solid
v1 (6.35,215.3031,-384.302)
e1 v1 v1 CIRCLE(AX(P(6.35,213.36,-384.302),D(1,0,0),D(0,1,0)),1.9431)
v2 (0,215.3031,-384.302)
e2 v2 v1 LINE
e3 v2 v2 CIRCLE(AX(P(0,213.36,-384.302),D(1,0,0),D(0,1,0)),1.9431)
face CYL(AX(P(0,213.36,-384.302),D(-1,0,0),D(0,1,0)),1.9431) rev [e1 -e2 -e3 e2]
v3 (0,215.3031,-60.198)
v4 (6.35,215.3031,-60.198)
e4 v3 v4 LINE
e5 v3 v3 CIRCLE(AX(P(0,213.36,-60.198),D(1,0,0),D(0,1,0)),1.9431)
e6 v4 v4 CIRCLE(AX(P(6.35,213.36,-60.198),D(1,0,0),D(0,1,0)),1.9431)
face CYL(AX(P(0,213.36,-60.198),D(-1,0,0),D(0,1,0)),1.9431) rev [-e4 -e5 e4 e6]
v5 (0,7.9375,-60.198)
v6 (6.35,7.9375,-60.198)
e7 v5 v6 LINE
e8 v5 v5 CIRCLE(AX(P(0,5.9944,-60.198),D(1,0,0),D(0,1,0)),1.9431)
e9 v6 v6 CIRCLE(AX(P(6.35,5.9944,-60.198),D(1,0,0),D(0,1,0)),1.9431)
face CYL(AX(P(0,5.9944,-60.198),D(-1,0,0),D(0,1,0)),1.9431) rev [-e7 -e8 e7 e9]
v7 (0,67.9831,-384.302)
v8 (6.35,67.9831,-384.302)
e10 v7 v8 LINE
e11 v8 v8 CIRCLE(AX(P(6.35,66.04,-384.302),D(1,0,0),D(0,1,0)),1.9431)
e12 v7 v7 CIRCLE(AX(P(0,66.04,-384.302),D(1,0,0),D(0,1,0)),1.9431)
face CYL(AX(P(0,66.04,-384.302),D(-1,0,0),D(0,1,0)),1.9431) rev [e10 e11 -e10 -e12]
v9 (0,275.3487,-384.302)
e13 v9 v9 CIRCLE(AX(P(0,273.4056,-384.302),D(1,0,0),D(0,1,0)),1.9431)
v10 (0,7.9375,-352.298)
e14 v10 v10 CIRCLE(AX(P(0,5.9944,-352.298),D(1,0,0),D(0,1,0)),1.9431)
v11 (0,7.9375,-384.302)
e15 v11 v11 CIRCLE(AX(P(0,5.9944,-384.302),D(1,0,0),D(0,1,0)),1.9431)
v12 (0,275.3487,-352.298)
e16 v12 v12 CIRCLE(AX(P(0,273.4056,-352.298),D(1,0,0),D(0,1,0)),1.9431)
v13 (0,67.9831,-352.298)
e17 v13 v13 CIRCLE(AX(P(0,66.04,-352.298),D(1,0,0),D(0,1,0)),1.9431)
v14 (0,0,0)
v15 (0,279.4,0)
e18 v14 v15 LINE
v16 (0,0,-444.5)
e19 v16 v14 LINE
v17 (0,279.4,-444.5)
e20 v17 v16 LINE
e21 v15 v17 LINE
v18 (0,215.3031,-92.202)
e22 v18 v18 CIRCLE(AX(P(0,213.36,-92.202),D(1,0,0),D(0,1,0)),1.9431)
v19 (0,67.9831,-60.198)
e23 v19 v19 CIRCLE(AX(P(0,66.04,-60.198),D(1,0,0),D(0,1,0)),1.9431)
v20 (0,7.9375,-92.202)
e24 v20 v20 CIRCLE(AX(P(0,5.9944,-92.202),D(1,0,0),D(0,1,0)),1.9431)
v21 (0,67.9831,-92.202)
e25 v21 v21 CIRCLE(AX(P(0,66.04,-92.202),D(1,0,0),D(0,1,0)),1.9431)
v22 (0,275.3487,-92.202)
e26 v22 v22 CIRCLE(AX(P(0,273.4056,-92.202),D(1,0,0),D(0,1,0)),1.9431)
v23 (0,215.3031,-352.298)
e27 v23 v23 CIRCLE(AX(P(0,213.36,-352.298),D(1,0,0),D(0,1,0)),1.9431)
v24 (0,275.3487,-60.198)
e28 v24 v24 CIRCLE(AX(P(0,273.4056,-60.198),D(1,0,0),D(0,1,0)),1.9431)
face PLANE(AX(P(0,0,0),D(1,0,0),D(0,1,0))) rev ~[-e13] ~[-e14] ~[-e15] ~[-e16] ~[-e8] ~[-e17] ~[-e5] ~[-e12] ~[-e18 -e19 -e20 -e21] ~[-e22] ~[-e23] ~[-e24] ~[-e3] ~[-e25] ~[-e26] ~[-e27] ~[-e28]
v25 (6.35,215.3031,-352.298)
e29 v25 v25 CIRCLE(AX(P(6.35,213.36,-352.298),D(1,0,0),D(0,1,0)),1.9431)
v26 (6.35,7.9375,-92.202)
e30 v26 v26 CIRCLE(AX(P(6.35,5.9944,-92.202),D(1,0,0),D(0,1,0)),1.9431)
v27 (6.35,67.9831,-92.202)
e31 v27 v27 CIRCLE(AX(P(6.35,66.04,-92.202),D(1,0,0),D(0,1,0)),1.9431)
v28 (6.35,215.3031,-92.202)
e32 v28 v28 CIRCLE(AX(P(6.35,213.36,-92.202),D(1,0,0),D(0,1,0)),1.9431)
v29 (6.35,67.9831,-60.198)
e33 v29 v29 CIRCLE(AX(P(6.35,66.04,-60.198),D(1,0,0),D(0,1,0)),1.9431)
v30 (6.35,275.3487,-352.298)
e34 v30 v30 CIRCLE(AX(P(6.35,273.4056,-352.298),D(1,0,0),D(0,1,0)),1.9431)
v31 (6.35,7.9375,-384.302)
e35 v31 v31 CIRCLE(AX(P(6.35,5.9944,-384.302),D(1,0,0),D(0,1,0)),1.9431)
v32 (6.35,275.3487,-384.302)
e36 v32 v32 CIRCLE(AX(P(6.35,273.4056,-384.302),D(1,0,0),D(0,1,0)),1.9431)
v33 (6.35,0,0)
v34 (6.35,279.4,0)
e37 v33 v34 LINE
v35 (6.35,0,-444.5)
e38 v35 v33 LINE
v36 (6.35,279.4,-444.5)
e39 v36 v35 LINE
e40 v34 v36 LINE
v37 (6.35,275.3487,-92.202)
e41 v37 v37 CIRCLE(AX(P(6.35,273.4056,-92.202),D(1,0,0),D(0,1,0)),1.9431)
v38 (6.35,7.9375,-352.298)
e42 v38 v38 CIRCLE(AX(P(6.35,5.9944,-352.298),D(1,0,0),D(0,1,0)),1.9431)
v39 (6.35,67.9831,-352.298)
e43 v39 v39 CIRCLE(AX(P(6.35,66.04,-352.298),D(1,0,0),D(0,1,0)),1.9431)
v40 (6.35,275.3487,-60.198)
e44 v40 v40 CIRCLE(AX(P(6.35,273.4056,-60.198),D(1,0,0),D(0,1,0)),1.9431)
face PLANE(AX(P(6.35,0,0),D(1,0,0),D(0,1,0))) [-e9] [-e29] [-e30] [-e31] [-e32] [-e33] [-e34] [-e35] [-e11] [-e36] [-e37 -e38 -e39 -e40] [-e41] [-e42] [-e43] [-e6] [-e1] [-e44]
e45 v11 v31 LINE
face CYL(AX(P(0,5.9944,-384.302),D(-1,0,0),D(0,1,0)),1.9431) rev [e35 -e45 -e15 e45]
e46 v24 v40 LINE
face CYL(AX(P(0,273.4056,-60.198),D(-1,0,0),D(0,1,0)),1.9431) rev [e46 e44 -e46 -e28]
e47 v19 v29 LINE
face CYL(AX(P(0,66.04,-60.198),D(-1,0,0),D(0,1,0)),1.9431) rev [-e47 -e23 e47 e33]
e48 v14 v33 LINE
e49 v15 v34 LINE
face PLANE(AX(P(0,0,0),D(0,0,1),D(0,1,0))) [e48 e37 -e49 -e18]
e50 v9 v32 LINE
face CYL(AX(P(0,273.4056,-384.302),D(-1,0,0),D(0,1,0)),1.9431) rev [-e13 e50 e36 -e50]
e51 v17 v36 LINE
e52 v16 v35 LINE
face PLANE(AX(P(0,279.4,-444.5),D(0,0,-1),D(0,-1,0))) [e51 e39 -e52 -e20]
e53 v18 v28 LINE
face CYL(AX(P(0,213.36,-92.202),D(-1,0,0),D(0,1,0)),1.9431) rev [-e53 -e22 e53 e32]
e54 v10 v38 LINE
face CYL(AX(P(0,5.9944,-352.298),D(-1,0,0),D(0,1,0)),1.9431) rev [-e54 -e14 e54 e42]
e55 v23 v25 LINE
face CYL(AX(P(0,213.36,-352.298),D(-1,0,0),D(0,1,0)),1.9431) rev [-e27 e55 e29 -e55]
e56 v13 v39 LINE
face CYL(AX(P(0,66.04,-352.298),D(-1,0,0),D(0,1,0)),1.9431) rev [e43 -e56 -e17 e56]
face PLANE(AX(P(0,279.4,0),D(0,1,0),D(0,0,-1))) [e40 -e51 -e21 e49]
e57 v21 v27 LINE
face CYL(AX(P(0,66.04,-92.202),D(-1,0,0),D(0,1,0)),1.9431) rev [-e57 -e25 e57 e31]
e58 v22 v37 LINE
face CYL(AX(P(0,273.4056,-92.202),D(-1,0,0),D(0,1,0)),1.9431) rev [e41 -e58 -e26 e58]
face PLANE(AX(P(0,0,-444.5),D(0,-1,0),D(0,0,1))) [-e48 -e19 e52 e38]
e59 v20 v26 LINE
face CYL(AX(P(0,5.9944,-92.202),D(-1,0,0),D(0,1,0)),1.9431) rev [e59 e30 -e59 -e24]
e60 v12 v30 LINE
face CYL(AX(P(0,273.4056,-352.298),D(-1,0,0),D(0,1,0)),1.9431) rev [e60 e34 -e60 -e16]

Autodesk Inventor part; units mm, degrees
ref_plane "YZ Plane" through (0, 0, 0) normal (1, 0, 0) x (0, 1, 0)
ref_plane "XZ Plane" through (0, 0, 0) normal (0, 1, 0) x (-1, 0, 0)
ref_plane "XY Plane" through (0, 0, 0) normal (0, 0, 1) x (1, 0, 0)
sketch "Sketch1" plane through (0, 0, 0) normal (1, 0, 0) x (0, 1, 0)
  line L0 (0, 0) -> (279.4, 0)
  line L1 (279.4, 0) -> (279.4, -444.5)
  line L2 (279.4, -444.5) -> (0, -444.5)
  line L3 (0, -444.5) -> (0, 0)
  circle A0 centre (273.4056, -60.198) radius 1.9431
  circle A1 centre (273.4056, -92.202) radius 1.9431
  circle A2 centre (213.36, -60.198) radius 1.9431
  circle A3 centre (213.36, -92.202) radius 1.9431
  circle A4 centre (66.04, -60.198) radius 1.9431
  circle A5 centre (66.04, -92.202) radius 1.9431
  circle A6 centre (5.9944, -60.198) radius 1.9431
  circle A7 centre (5.9944, -92.202) radius 1.9431
  circle A8 centre (273.4056, -352.298) radius 1.9431
  circle A9 centre (273.4056, -384.302) radius 1.9431
  circle A10 centre (213.36, -352.298) radius 1.9431
  circle A11 centre (213.36, -384.302) radius 1.9431
  circle A12 centre (66.04, -352.298) radius 1.9431
  circle A13 centre (66.04, -384.302) radius 1.9431
  circle A14 centre (5.9944, -384.302) radius 1.9431
  circle A15 centre (5.9944, -352.298) radius 1.9431
  dimension "d0" = 279.4
  dimension "d1" = 444.5
  dimension "d2" = 3.8862
  dimension "d3" = 3.8862
  dimension "d4" = 32.004
  dimension "d5" = 5.9944
  dimension "d6" = 5.9944
  dimension "d7" = 60.198
  dimension "d8" = 3.8862
  dimension "d9" = 3.8862
  dimension "d10" = 60.0456
  dimension "d11" = 60.0456
  dimension "d12" = 60.198
  dimension "d13" = 3.8862
  dimension "d14" = 3.8862
  dimension "d15" = 3.8862
  dimension "d16" = 3.8862
  dimension "d17" = 60.198
  dimension "d18" = 60.198
  dimension "d19" = 5.9944
  dimension "d20" = 5.9944
  dimension "d22" = 60.0456
  dimension "d23" = 60.0456
  dimension "d24" = 32.004
  dimension "d25" = 3.8862
  dimension "d26" = 3.8862
  dimension "d27" = 5.9944
  dimension "d28" = 5.9944
  dimension "d29" = 3.8862
  dimension "d30" = 3.8862
  dimension "d32" = 32.004
  dimension "d33" = 32.004
  dimension "d34" = 60.198
  dimension "d35" = 60.198
  dimension "d36" = 3.8862
  dimension "d37" = 3.8862
  dimension "d38" = 3.8862
  dimension "d39" = 3.8862
extrude "Extrusion1" add sketch "Sketch1" along normal blind 6.35
equation "\"d3\" = d2"
equation "\"d6\" = d5"
equation "\"d8\" = d2"
equation "\"d9\" = d2"
equation "\"d11\" = d10"
equation "\"d12\" = d7"
equation "\"d13\" = d2"
equation "\"d14\" = d2"
equation "\"d15\" = d2"
equation "\"d16\" = d2"
equation "\"d17\" = d12"
equation "\"d18\" = d7"
equation "\"d19\" = d5"
equation "\"d20\" = d19"
equation "\"d22\" = d10"
equation "\"d23\" = d22"
equation "\"d25\" = d2"
equation "\"d26\" = d25"
equation "\"d27\" = d5"
equation "\"d28\" = d27"
equation "\"d29\" = d25"
equation "\"d30\" = d25"
equation "\"d32\" = d4"
equation "\"d33\" = d32"
equation "\"d34\" = d7"
equation "\"d35\" = d34"
equation "\"d36\" = d2"
equation "\"d37\" = d2"
equation "\"d38\" = d2"
equation "\"d39\" = d2"
properties part number "PlateFrame" material "Aluminum 6061"
